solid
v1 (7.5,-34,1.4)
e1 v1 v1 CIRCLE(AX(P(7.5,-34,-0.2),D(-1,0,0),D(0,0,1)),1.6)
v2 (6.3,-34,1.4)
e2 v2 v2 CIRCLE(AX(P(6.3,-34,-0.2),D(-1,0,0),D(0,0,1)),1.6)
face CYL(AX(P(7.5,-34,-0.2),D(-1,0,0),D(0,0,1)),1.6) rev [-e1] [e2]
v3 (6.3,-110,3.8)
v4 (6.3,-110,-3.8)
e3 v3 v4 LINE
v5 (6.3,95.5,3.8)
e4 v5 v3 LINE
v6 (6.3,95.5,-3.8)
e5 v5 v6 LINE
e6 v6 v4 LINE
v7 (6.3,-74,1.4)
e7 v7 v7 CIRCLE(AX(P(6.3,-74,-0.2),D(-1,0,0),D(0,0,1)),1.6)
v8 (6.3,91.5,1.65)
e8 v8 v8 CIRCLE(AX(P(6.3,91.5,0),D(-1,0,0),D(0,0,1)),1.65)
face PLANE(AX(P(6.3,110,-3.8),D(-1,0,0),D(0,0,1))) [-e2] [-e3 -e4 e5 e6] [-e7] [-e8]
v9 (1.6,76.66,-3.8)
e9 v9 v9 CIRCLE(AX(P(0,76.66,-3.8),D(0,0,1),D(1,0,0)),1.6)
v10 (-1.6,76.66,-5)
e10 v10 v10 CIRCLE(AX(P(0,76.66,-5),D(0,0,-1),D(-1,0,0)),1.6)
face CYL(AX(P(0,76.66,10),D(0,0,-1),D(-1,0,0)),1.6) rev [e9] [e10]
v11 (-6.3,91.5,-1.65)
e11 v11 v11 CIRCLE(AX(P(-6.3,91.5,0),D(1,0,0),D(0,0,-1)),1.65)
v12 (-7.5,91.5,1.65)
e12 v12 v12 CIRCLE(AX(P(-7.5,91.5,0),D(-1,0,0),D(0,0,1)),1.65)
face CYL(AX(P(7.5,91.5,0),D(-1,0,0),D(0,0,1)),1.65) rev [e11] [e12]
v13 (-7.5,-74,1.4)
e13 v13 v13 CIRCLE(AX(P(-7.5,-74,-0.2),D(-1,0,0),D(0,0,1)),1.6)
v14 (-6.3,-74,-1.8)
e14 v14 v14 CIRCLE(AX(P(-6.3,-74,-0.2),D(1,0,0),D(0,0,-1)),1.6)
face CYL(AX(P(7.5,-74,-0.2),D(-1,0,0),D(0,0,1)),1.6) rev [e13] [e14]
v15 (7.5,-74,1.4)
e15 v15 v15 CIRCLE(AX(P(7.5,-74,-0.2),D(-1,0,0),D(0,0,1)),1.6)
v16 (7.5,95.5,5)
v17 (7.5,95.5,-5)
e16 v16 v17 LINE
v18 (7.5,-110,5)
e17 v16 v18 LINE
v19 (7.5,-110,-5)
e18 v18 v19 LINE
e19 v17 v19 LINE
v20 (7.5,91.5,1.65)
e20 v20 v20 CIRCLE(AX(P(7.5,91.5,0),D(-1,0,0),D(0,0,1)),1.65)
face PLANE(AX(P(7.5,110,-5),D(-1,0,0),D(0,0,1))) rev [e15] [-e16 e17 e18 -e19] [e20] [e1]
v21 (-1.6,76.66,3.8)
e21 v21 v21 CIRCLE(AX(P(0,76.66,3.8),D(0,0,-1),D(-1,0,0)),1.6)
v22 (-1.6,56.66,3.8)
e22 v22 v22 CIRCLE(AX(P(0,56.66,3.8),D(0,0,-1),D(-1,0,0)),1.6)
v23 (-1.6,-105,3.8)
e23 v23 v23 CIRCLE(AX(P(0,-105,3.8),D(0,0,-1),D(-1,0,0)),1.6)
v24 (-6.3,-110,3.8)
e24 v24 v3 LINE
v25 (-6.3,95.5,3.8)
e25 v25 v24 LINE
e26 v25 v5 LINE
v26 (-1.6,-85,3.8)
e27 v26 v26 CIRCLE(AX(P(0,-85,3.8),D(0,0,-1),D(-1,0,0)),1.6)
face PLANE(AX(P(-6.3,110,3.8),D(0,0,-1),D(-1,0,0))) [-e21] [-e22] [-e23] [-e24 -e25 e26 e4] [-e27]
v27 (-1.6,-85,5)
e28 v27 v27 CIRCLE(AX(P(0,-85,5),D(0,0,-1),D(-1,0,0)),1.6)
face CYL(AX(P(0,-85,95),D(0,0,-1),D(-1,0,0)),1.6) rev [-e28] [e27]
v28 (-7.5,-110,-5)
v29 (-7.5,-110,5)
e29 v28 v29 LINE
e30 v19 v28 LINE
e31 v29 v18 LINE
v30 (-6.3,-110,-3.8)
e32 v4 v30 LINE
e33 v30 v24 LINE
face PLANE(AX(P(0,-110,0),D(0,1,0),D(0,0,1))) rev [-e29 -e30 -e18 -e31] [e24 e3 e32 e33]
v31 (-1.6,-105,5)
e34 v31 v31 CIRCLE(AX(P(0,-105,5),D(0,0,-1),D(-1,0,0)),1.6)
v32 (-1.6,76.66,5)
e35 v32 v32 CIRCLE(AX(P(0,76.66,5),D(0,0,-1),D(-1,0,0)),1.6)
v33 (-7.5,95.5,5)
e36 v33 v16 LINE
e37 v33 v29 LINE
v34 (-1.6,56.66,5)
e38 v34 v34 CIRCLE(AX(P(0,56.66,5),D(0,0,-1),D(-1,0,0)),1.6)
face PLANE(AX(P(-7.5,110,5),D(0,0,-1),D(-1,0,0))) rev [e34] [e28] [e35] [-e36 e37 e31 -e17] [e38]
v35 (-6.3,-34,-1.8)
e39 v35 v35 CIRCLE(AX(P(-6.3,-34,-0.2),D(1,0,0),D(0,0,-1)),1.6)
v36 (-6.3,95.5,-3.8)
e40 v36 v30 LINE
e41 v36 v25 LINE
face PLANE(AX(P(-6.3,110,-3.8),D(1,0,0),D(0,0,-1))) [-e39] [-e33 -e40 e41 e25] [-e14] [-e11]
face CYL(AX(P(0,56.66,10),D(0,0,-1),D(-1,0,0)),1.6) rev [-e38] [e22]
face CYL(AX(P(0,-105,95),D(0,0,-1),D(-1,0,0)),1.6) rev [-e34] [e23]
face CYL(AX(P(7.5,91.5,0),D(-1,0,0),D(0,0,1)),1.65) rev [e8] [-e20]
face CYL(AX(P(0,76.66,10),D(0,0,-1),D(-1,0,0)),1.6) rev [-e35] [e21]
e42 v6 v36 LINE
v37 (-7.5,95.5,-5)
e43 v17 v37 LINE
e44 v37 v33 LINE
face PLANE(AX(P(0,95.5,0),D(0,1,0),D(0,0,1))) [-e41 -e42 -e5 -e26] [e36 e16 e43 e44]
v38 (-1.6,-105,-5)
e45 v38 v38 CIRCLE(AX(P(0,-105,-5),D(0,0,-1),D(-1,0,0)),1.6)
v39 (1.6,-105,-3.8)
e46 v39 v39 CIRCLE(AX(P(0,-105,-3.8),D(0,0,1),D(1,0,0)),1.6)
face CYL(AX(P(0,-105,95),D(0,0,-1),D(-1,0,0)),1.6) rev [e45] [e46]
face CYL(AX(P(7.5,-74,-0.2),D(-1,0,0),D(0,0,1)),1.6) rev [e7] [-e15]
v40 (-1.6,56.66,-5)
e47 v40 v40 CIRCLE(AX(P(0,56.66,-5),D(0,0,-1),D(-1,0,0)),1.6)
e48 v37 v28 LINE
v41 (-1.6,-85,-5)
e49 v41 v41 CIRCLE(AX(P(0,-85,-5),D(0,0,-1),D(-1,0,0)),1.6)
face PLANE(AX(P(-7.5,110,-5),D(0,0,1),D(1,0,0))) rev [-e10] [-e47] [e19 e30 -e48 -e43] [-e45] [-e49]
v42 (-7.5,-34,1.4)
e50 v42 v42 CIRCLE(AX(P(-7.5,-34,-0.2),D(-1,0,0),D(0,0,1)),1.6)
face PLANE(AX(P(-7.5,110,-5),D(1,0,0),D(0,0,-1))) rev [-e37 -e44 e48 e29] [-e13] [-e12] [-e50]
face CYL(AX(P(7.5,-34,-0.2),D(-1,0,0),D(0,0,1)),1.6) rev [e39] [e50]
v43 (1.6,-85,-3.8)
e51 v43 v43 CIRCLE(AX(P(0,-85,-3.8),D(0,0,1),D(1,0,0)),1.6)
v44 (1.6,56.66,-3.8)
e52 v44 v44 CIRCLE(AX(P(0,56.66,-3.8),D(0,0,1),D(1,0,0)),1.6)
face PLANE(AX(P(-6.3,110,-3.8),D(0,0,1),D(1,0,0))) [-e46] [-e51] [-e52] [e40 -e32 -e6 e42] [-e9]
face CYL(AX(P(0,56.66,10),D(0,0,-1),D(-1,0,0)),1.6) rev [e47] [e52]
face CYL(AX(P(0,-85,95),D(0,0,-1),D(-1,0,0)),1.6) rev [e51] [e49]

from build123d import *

# Parameters (mm, degrees)
SKETCH_1_W          = 15
SKETCH_1_H          = 10
SKETCH_1_W_2        = 12.6
SKETCH_1_H_2        = 7.6
EXTRUDE_1_DEPTH     = 110
SKETCH_2_R          = 1.6
CUT_EXTRUDE_1_DEPTH = 100
SKETCH_3_R          = 1.6
CUT_EXTRUDE_2_DEPTH = 15
SKETCH_5_W          = 15
SKETCH_5_H          = 10
CUT_EXTRUDE_4_DEPTH = 14.5
SKETCH_6_R          = 1.6
CUT_EXTRUDE_5_DEPTH = 15
CUT_EXTRUDE_6_DEPTH = 15


with BuildPart() as part:
    # ｽｹｯﾁ1 → ﾎﾞｽ - 押し出し1 (new, symmetric)
    with BuildSketch(Plane(origin=(0, 0, 0), x_dir=(1, 0, 0), z_dir=(0, 1, 0))):
        Rectangle(SKETCH_1_W, SKETCH_1_H)
        Rectangle(SKETCH_1_W_2, SKETCH_1_H_2, mode=Mode.SUBTRACT)
    extrude(amount=EXTRUDE_1_DEPTH, both=True)

    # ｽｹｯﾁ2 → ｶｯﾄ - 押し出し1 (cut)
    with BuildSketch(Plane(origin=(0, 0, -5), x_dir=(-1, 0, 0), z_dir=(0, 0, -1))):
        with Locations((0, -85)):
            Circle(SKETCH_2_R)
        with Locations((0, -105)):
            Circle(SKETCH_2_R)
    extrude(amount=-CUT_EXTRUDE_1_DEPTH, mode=Mode.SUBTRACT)

    # ｽｹｯﾁ3 → ｶｯﾄ - 押し出し2 (cut)
    with BuildSketch(Plane.ZY.offset(7.5)):
        with Locations((-0.2, -74)):
            Circle(SKETCH_3_R)
        with Locations((-0.2, -34)):
            Circle(SKETCH_3_R)
    extrude(amount=-CUT_EXTRUDE_2_DEPTH, mode=Mode.SUBTRACT)

    # ｽｹｯﾁ5 → ｶｯﾄ - 押し出し4 (cut)
    with BuildSketch(Plane(origin=(0, 110, 0), x_dir=(1, 0, 0), z_dir=(0, 1, 0))):
        Rectangle(SKETCH_5_W, SKETCH_5_H)
    extrude(amount=-CUT_EXTRUDE_4_DEPTH, mode=Mode.SUBTRACT)

    # ｽｹｯﾁ6 → ｶｯﾄ - 押し出し5 (cut)
    with BuildSketch(Plane(origin=(0, 0, -5), x_dir=(-1, 0, 0), z_dir=(0, 0, -1))):
        with Locations((0, 56.66)):
            Circle(SKETCH_6_R)
        with Locations((0, 76.66)):
            Circle(SKETCH_6_R)
    extrude(amount=-CUT_EXTRUDE_5_DEPTH, mode=Mode.SUBTRACT)

    # ｽｹｯﾁ7 → ｶｯﾄ - 押し出し6 (cut)
    with BuildSketch(Plane.ZY.offset(7.5)):
        with BuildLine():
            ThreePointArc((0, 93.15), (-1.65, 91.5), (0, 89.85))
            ThreePointArc((0, 89.85), (1.65, 91.5), (0, 93.15))
        make_face()
    extrude(amount=-CUT_EXTRUDE_6_DEPTH, mode=Mode.SUBTRACT)


solid = part.part
